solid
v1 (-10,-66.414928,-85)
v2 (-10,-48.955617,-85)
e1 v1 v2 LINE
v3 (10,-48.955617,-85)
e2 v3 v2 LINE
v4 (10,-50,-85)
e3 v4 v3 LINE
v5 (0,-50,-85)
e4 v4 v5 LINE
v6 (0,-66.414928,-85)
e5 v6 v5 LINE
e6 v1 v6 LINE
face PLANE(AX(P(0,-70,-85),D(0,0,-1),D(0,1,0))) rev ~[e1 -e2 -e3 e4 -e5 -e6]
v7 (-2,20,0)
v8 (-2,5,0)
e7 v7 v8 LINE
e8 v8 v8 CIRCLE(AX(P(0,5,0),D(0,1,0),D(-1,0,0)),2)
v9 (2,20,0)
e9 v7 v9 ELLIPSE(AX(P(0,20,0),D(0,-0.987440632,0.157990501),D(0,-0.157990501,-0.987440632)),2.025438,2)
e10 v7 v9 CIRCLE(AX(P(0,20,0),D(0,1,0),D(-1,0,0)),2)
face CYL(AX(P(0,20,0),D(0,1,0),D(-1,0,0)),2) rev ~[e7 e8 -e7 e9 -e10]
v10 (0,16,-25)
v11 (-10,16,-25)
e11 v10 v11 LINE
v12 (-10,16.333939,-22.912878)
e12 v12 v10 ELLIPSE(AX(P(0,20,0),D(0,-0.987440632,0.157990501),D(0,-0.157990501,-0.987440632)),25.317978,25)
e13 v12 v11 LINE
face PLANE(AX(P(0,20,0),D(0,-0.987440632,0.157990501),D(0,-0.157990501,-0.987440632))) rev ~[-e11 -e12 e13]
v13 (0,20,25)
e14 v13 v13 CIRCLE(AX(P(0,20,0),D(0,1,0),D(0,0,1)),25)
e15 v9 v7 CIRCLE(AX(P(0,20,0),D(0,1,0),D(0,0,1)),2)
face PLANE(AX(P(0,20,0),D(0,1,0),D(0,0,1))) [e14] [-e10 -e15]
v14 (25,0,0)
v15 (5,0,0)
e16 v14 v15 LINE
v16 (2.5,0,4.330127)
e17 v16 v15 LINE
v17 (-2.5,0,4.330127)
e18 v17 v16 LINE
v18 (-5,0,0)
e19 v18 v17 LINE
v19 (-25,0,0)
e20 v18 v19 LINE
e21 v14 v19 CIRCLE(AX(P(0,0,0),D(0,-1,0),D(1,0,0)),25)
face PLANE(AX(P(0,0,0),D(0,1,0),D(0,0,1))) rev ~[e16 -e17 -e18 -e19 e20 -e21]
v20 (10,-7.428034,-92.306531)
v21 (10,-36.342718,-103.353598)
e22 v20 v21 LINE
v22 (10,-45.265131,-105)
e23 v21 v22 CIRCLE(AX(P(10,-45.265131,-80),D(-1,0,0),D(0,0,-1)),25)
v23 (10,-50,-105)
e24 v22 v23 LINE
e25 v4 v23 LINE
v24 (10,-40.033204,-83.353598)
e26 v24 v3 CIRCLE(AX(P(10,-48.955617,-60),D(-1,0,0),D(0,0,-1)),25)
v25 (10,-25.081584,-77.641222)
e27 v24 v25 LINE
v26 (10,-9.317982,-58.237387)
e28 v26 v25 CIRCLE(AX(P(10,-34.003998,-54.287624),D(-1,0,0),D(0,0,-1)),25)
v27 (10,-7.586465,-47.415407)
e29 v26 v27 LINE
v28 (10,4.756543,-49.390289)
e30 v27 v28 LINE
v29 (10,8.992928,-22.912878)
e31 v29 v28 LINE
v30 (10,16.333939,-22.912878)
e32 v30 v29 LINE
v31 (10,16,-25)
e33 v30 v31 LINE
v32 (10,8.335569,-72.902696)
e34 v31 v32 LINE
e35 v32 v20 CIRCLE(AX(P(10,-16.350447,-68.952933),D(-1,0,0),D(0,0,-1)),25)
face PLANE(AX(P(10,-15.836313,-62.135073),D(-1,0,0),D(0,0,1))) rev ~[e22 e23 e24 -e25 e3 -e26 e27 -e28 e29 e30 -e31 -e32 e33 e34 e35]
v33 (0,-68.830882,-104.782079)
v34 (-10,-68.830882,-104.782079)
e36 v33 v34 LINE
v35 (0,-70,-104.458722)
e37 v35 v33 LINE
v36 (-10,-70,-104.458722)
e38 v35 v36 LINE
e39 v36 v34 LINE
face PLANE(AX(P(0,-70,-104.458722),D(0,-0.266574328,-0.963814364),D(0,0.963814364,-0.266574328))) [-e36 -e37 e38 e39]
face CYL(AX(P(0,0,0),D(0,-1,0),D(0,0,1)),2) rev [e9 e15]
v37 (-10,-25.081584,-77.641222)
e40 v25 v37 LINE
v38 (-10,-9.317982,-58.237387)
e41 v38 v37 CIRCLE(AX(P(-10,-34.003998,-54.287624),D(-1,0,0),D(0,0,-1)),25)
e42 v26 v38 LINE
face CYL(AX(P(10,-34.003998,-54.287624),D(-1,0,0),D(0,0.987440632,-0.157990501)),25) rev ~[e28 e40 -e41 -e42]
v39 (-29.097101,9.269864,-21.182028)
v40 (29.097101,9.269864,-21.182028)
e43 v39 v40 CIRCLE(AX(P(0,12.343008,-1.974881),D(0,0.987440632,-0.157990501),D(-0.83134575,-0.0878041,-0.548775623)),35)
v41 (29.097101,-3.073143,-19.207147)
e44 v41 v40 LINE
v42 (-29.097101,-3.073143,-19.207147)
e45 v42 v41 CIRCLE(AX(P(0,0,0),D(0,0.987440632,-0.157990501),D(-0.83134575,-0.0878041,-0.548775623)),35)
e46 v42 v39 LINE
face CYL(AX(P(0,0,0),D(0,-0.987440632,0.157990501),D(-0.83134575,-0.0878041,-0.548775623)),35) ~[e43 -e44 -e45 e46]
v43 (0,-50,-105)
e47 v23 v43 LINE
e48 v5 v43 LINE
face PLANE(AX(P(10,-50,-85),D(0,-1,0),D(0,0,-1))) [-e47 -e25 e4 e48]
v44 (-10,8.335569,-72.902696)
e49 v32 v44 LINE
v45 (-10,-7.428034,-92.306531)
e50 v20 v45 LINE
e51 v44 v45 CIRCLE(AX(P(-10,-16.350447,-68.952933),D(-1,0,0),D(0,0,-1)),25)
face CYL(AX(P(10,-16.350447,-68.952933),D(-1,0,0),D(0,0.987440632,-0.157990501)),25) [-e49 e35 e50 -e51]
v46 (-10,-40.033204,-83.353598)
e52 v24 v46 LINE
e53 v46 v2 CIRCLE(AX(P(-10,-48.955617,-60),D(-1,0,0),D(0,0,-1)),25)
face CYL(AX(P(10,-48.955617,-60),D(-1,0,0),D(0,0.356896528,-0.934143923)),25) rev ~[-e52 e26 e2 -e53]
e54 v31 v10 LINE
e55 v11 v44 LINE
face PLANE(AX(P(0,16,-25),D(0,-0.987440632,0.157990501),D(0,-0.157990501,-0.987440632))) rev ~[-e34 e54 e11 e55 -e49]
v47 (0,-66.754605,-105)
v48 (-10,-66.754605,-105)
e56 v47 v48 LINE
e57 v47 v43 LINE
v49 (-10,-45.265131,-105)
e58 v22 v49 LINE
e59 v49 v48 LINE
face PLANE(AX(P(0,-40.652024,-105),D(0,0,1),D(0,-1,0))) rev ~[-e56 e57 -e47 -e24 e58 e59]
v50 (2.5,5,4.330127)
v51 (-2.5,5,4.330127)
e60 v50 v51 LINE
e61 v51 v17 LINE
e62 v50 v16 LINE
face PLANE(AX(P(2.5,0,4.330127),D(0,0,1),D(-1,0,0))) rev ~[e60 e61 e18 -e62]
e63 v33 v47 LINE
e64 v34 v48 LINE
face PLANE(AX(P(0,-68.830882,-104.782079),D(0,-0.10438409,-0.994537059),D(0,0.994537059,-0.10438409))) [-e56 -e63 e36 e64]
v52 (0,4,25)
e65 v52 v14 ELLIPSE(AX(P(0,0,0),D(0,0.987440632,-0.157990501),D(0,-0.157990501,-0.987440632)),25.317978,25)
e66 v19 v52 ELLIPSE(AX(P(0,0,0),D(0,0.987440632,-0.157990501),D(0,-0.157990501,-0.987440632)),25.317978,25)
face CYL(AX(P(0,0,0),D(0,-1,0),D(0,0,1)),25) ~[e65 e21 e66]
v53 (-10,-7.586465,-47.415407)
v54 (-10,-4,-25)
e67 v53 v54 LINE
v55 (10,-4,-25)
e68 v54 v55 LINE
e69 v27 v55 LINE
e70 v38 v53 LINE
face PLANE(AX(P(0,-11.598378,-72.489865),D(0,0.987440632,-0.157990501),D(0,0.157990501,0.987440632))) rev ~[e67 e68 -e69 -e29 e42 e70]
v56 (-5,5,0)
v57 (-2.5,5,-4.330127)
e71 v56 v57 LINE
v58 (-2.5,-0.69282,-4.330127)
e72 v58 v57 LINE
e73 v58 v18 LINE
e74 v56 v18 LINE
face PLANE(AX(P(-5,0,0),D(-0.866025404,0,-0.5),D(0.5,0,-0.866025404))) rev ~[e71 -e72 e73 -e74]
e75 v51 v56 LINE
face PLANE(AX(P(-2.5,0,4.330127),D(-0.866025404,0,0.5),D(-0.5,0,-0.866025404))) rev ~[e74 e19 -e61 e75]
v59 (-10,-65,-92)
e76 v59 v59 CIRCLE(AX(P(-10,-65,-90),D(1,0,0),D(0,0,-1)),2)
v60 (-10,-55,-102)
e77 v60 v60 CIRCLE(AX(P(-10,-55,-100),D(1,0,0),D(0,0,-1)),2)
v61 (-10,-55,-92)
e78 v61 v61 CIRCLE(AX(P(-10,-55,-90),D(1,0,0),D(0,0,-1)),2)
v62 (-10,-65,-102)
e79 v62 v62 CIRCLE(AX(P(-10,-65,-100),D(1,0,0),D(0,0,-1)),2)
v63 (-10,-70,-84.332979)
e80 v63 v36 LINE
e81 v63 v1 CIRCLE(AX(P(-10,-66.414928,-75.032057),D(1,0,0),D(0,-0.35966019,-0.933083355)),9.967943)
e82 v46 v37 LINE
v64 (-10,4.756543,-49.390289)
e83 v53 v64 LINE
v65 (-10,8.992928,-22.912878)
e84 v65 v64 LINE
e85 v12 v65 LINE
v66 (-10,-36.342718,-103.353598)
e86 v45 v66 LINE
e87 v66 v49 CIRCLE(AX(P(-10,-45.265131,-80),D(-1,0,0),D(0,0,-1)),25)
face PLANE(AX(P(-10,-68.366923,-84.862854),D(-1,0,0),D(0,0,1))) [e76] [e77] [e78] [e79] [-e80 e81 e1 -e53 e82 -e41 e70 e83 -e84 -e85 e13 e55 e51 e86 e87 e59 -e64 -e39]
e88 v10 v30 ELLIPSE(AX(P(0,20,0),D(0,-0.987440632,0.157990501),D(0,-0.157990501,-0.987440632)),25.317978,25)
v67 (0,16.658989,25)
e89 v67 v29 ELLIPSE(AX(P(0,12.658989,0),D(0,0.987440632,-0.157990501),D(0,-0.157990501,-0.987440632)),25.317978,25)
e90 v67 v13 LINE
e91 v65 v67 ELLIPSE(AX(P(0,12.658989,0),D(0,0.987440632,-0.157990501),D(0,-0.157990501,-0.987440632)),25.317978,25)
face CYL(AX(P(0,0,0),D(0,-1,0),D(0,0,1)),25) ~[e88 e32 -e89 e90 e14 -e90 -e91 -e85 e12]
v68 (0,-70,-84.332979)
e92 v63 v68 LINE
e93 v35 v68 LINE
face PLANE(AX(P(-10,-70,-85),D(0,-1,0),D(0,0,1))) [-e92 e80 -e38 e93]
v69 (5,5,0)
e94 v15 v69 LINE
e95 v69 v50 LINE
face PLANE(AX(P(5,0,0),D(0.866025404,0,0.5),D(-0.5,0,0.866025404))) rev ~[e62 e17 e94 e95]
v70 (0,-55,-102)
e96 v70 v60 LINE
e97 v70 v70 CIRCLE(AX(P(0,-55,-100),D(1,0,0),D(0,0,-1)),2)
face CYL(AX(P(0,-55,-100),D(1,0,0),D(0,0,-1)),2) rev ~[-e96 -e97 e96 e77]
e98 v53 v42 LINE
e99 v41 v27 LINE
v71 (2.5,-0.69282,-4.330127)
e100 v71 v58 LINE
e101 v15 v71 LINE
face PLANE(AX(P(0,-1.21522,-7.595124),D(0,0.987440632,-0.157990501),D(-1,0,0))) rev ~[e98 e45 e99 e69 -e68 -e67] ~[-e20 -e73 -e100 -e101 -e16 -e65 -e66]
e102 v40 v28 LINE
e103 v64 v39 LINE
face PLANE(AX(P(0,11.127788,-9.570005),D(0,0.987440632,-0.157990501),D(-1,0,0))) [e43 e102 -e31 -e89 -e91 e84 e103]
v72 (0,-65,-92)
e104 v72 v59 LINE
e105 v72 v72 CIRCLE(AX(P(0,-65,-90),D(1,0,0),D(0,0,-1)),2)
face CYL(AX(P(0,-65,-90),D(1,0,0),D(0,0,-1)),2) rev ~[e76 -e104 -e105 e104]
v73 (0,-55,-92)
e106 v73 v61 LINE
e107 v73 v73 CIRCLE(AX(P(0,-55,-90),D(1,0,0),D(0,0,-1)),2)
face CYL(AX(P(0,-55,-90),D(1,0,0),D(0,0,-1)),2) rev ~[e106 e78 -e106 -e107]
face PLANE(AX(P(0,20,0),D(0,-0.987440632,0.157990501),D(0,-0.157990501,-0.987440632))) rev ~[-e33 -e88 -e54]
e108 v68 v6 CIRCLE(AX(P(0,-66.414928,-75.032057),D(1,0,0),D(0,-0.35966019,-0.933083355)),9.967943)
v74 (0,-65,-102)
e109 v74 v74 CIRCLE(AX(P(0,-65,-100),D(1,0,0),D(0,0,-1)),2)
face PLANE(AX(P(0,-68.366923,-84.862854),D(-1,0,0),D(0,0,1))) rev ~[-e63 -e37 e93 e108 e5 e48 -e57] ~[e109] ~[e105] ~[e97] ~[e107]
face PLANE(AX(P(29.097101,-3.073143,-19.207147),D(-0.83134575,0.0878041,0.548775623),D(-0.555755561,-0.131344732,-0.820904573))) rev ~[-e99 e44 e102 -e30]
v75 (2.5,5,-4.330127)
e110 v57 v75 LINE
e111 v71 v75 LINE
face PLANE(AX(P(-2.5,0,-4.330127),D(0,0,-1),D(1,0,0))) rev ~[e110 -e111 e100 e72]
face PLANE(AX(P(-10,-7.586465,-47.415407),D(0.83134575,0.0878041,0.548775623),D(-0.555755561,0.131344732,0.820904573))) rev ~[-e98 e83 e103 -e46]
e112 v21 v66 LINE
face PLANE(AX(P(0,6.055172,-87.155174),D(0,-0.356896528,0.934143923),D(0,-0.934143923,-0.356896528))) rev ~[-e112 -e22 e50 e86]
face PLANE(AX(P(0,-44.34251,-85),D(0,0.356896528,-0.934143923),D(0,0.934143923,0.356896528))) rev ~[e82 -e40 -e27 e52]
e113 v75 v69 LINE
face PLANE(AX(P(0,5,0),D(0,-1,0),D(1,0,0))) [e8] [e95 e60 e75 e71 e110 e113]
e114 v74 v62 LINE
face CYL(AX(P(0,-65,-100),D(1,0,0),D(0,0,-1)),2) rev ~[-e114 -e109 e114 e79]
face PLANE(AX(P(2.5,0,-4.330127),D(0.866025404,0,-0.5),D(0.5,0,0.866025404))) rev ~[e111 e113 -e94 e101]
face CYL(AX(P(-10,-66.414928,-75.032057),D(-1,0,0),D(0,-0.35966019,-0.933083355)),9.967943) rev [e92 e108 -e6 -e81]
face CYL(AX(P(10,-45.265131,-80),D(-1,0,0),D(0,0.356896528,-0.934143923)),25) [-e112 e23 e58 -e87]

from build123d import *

# Parameters (mm, degrees)
CROQUIS1_R              = 25
CROQUIS1_R_2            = 2
SALIENTE_EXTRUIR1_DEPTH = 20
SALIENTE_EXTRUIR2_DEPTH = 10
SALIENTE_EXTRUIR3_DEPTH = 12.5
CROQUIS5_W              = 20
CROQUIS5_H              = 20
CORTAR_EXTRUIR1_DEPTH   = 10
CROQUIS6_R              = 2
CORTAR_EXTRUIR2_DEPTH   = 10
CROQUIS7_R              = 2
CORTAR_EXTRUIR3_DEPTH   = 143.653426177
CORTAR_EXTRUIR4_DEPTH   = 5
REDONDEO1_R             = 25
SALIENTE_EXTRUIR4_DEPTH = 10
CORTAR_EXTRUIR5_DEPTH   = 10


with BuildPart() as part:
    # Croquis1 → Saliente-Extruir1 (new body)
    with BuildSketch(Plane(origin=(0, 0, 0), x_dir=(1, 0, 0), z_dir=(0, 1, 0))):
        with Locations(Location((0, 0, 0), (0, 0, 270))):
            Circle(CROQUIS1_R)
        with Locations(Location((0, 0, 0), (0, 0, 270))):
            Circle(CROQUIS1_R_2, mode=Mode.SUBTRACT)
    extrude(amount=SALIENTE_EXTRUIR1_DEPTH)

    # Croquis3 → Saliente-Extruir2 (add, symmetric)
    with BuildSketch(Plane(origin=(0, 0, 0), x_dir=(0, 0, -1), z_dir=(1, 0, 0))):
        Polygon((0, 20), (25, 16), (87.155173578, 6.055172228), (105, -40.652023899), (105, -70), (85, -70), (85, -44.34250964), (72.489864787, -11.598378366), (25, -4), (0, 0), align=None)
    extrude(amount=SALIENTE_EXTRUIR2_DEPTH, both=True)

    # Croquis4 → Saliente-Extruir3 (add)
    with BuildSketch(Plane(origin=(0, 0, 0), x_dir=(1, 0, 0), z_dir=(0, -0.9874406319167053, 0.15799050110667304))):
        with BuildLine():
            Line((-10, -48.018489352), (-29.097101252, -19.451444643))
            ThreePointArc((-29.097101252, -19.451444643), (0, 35), (29.097101252, -19.451444643))
            Line((29.097101252, -19.451444643), (10, -48.018489352))
            Line((10, -48.018489352), (-10, -48.018489352))
        make_face()
    extrude(amount=-SALIENTE_EXTRUIR3_DEPTH)

    # Croquis5 → Cortar-Extruir1 (cut)
    with BuildSketch(Plane(origin=(10, 0, 0), x_dir=(0, 0, -1), z_dir=(1, 0, 0))):
        with Locations((95, -60)):
            Rectangle(CROQUIS5_W, CROQUIS5_H)
    extrude(amount=-CORTAR_EXTRUIR1_DEPTH, mode=Mode.SUBTRACT)

    # Croquis6 → Cortar-Extruir2 (cut)
    with BuildSketch(Plane(origin=(0, 0, 0), x_dir=(0, 0, -1), z_dir=(1, 0, 0))):
        with Locations((100, -55)):
            Circle(CROQUIS6_R)
        with Locations((100, -65)):
            Circle(CROQUIS6_R)
        with Locations((90, -65)):
            Circle(CROQUIS6_R)
        with Locations((90, -55)):
            Circle(CROQUIS6_R)
    extrude(amount=-CORTAR_EXTRUIR2_DEPTH, mode=Mode.SUBTRACT)

    # Croquis7 → Cortar-Extruir3 (cut, through all)
    with BuildSketch(Plane(origin=(0, 20, 0), x_dir=(1, 0, 0), z_dir=(0, 1, 0))):
        with Locations(Location((0, 0, 0), (0, 0, 180))):
            Circle(CROQUIS7_R)
    extrude(amount=-CORTAR_EXTRUIR3_DEPTH, mode=Mode.SUBTRACT)

    # Croquis8 → Cortar-Extruir4 (cut, symmetric)
    with BuildSketch(Plane.XZ):
        Polygon((5, 0), (2.5, 4.330127019), (-2.5, 4.330127019), (-5, 0), (-2.5, -4.330127019), (2.5, -4.330127019), align=None)
    extrude(amount=CORTAR_EXTRUIR4_DEPTH, both=True, mode=Mode.SUBTRACT)

    # Redondeo1
    redondeo1_edges = [part.edges().sort_by_distance(p)[0] for p in [
        (0, -11.598378366, -72.489864787),
        (0, -44.34250964, -85),
        (0, -40.652023899, -105),
        (0, 6.055172228, -87.155173578),
    ]]
    fillet(redondeo1_edges, radius=REDONDEO1_R)

    # Croquis9 → Saliente-Extruir4 (add)
    with BuildSketch(Plane.ZY.offset(10)):
        with BuildLine():
            Line((-85, -70), (-84.332978708, -70))
            ThreePointArc((-84.332978708, -70), (-84.831826004, -68.238225633), (-85, -66.414927782))
            Line((-85, -66.414927782), (-85, -70))
        make_face()
    extrude(amount=-SALIENTE_EXTRUIR4_DEPTH)

    # Croquis10 → Cortar-Extruir5 (cut)
    with BuildSketch(Plane(origin=(0, 0, 0), x_dir=(0, 0, -1), z_dir=(1, 0, 0))):
        Polygon((105, -66.754605318), (105, -70), (104.45872155, -70), (104.782079233, -68.830882246), align=None)
    extrude(amount=-CORTAR_EXTRUIR5_DEPTH, mode=Mode.SUBTRACT)


solid = part.part
